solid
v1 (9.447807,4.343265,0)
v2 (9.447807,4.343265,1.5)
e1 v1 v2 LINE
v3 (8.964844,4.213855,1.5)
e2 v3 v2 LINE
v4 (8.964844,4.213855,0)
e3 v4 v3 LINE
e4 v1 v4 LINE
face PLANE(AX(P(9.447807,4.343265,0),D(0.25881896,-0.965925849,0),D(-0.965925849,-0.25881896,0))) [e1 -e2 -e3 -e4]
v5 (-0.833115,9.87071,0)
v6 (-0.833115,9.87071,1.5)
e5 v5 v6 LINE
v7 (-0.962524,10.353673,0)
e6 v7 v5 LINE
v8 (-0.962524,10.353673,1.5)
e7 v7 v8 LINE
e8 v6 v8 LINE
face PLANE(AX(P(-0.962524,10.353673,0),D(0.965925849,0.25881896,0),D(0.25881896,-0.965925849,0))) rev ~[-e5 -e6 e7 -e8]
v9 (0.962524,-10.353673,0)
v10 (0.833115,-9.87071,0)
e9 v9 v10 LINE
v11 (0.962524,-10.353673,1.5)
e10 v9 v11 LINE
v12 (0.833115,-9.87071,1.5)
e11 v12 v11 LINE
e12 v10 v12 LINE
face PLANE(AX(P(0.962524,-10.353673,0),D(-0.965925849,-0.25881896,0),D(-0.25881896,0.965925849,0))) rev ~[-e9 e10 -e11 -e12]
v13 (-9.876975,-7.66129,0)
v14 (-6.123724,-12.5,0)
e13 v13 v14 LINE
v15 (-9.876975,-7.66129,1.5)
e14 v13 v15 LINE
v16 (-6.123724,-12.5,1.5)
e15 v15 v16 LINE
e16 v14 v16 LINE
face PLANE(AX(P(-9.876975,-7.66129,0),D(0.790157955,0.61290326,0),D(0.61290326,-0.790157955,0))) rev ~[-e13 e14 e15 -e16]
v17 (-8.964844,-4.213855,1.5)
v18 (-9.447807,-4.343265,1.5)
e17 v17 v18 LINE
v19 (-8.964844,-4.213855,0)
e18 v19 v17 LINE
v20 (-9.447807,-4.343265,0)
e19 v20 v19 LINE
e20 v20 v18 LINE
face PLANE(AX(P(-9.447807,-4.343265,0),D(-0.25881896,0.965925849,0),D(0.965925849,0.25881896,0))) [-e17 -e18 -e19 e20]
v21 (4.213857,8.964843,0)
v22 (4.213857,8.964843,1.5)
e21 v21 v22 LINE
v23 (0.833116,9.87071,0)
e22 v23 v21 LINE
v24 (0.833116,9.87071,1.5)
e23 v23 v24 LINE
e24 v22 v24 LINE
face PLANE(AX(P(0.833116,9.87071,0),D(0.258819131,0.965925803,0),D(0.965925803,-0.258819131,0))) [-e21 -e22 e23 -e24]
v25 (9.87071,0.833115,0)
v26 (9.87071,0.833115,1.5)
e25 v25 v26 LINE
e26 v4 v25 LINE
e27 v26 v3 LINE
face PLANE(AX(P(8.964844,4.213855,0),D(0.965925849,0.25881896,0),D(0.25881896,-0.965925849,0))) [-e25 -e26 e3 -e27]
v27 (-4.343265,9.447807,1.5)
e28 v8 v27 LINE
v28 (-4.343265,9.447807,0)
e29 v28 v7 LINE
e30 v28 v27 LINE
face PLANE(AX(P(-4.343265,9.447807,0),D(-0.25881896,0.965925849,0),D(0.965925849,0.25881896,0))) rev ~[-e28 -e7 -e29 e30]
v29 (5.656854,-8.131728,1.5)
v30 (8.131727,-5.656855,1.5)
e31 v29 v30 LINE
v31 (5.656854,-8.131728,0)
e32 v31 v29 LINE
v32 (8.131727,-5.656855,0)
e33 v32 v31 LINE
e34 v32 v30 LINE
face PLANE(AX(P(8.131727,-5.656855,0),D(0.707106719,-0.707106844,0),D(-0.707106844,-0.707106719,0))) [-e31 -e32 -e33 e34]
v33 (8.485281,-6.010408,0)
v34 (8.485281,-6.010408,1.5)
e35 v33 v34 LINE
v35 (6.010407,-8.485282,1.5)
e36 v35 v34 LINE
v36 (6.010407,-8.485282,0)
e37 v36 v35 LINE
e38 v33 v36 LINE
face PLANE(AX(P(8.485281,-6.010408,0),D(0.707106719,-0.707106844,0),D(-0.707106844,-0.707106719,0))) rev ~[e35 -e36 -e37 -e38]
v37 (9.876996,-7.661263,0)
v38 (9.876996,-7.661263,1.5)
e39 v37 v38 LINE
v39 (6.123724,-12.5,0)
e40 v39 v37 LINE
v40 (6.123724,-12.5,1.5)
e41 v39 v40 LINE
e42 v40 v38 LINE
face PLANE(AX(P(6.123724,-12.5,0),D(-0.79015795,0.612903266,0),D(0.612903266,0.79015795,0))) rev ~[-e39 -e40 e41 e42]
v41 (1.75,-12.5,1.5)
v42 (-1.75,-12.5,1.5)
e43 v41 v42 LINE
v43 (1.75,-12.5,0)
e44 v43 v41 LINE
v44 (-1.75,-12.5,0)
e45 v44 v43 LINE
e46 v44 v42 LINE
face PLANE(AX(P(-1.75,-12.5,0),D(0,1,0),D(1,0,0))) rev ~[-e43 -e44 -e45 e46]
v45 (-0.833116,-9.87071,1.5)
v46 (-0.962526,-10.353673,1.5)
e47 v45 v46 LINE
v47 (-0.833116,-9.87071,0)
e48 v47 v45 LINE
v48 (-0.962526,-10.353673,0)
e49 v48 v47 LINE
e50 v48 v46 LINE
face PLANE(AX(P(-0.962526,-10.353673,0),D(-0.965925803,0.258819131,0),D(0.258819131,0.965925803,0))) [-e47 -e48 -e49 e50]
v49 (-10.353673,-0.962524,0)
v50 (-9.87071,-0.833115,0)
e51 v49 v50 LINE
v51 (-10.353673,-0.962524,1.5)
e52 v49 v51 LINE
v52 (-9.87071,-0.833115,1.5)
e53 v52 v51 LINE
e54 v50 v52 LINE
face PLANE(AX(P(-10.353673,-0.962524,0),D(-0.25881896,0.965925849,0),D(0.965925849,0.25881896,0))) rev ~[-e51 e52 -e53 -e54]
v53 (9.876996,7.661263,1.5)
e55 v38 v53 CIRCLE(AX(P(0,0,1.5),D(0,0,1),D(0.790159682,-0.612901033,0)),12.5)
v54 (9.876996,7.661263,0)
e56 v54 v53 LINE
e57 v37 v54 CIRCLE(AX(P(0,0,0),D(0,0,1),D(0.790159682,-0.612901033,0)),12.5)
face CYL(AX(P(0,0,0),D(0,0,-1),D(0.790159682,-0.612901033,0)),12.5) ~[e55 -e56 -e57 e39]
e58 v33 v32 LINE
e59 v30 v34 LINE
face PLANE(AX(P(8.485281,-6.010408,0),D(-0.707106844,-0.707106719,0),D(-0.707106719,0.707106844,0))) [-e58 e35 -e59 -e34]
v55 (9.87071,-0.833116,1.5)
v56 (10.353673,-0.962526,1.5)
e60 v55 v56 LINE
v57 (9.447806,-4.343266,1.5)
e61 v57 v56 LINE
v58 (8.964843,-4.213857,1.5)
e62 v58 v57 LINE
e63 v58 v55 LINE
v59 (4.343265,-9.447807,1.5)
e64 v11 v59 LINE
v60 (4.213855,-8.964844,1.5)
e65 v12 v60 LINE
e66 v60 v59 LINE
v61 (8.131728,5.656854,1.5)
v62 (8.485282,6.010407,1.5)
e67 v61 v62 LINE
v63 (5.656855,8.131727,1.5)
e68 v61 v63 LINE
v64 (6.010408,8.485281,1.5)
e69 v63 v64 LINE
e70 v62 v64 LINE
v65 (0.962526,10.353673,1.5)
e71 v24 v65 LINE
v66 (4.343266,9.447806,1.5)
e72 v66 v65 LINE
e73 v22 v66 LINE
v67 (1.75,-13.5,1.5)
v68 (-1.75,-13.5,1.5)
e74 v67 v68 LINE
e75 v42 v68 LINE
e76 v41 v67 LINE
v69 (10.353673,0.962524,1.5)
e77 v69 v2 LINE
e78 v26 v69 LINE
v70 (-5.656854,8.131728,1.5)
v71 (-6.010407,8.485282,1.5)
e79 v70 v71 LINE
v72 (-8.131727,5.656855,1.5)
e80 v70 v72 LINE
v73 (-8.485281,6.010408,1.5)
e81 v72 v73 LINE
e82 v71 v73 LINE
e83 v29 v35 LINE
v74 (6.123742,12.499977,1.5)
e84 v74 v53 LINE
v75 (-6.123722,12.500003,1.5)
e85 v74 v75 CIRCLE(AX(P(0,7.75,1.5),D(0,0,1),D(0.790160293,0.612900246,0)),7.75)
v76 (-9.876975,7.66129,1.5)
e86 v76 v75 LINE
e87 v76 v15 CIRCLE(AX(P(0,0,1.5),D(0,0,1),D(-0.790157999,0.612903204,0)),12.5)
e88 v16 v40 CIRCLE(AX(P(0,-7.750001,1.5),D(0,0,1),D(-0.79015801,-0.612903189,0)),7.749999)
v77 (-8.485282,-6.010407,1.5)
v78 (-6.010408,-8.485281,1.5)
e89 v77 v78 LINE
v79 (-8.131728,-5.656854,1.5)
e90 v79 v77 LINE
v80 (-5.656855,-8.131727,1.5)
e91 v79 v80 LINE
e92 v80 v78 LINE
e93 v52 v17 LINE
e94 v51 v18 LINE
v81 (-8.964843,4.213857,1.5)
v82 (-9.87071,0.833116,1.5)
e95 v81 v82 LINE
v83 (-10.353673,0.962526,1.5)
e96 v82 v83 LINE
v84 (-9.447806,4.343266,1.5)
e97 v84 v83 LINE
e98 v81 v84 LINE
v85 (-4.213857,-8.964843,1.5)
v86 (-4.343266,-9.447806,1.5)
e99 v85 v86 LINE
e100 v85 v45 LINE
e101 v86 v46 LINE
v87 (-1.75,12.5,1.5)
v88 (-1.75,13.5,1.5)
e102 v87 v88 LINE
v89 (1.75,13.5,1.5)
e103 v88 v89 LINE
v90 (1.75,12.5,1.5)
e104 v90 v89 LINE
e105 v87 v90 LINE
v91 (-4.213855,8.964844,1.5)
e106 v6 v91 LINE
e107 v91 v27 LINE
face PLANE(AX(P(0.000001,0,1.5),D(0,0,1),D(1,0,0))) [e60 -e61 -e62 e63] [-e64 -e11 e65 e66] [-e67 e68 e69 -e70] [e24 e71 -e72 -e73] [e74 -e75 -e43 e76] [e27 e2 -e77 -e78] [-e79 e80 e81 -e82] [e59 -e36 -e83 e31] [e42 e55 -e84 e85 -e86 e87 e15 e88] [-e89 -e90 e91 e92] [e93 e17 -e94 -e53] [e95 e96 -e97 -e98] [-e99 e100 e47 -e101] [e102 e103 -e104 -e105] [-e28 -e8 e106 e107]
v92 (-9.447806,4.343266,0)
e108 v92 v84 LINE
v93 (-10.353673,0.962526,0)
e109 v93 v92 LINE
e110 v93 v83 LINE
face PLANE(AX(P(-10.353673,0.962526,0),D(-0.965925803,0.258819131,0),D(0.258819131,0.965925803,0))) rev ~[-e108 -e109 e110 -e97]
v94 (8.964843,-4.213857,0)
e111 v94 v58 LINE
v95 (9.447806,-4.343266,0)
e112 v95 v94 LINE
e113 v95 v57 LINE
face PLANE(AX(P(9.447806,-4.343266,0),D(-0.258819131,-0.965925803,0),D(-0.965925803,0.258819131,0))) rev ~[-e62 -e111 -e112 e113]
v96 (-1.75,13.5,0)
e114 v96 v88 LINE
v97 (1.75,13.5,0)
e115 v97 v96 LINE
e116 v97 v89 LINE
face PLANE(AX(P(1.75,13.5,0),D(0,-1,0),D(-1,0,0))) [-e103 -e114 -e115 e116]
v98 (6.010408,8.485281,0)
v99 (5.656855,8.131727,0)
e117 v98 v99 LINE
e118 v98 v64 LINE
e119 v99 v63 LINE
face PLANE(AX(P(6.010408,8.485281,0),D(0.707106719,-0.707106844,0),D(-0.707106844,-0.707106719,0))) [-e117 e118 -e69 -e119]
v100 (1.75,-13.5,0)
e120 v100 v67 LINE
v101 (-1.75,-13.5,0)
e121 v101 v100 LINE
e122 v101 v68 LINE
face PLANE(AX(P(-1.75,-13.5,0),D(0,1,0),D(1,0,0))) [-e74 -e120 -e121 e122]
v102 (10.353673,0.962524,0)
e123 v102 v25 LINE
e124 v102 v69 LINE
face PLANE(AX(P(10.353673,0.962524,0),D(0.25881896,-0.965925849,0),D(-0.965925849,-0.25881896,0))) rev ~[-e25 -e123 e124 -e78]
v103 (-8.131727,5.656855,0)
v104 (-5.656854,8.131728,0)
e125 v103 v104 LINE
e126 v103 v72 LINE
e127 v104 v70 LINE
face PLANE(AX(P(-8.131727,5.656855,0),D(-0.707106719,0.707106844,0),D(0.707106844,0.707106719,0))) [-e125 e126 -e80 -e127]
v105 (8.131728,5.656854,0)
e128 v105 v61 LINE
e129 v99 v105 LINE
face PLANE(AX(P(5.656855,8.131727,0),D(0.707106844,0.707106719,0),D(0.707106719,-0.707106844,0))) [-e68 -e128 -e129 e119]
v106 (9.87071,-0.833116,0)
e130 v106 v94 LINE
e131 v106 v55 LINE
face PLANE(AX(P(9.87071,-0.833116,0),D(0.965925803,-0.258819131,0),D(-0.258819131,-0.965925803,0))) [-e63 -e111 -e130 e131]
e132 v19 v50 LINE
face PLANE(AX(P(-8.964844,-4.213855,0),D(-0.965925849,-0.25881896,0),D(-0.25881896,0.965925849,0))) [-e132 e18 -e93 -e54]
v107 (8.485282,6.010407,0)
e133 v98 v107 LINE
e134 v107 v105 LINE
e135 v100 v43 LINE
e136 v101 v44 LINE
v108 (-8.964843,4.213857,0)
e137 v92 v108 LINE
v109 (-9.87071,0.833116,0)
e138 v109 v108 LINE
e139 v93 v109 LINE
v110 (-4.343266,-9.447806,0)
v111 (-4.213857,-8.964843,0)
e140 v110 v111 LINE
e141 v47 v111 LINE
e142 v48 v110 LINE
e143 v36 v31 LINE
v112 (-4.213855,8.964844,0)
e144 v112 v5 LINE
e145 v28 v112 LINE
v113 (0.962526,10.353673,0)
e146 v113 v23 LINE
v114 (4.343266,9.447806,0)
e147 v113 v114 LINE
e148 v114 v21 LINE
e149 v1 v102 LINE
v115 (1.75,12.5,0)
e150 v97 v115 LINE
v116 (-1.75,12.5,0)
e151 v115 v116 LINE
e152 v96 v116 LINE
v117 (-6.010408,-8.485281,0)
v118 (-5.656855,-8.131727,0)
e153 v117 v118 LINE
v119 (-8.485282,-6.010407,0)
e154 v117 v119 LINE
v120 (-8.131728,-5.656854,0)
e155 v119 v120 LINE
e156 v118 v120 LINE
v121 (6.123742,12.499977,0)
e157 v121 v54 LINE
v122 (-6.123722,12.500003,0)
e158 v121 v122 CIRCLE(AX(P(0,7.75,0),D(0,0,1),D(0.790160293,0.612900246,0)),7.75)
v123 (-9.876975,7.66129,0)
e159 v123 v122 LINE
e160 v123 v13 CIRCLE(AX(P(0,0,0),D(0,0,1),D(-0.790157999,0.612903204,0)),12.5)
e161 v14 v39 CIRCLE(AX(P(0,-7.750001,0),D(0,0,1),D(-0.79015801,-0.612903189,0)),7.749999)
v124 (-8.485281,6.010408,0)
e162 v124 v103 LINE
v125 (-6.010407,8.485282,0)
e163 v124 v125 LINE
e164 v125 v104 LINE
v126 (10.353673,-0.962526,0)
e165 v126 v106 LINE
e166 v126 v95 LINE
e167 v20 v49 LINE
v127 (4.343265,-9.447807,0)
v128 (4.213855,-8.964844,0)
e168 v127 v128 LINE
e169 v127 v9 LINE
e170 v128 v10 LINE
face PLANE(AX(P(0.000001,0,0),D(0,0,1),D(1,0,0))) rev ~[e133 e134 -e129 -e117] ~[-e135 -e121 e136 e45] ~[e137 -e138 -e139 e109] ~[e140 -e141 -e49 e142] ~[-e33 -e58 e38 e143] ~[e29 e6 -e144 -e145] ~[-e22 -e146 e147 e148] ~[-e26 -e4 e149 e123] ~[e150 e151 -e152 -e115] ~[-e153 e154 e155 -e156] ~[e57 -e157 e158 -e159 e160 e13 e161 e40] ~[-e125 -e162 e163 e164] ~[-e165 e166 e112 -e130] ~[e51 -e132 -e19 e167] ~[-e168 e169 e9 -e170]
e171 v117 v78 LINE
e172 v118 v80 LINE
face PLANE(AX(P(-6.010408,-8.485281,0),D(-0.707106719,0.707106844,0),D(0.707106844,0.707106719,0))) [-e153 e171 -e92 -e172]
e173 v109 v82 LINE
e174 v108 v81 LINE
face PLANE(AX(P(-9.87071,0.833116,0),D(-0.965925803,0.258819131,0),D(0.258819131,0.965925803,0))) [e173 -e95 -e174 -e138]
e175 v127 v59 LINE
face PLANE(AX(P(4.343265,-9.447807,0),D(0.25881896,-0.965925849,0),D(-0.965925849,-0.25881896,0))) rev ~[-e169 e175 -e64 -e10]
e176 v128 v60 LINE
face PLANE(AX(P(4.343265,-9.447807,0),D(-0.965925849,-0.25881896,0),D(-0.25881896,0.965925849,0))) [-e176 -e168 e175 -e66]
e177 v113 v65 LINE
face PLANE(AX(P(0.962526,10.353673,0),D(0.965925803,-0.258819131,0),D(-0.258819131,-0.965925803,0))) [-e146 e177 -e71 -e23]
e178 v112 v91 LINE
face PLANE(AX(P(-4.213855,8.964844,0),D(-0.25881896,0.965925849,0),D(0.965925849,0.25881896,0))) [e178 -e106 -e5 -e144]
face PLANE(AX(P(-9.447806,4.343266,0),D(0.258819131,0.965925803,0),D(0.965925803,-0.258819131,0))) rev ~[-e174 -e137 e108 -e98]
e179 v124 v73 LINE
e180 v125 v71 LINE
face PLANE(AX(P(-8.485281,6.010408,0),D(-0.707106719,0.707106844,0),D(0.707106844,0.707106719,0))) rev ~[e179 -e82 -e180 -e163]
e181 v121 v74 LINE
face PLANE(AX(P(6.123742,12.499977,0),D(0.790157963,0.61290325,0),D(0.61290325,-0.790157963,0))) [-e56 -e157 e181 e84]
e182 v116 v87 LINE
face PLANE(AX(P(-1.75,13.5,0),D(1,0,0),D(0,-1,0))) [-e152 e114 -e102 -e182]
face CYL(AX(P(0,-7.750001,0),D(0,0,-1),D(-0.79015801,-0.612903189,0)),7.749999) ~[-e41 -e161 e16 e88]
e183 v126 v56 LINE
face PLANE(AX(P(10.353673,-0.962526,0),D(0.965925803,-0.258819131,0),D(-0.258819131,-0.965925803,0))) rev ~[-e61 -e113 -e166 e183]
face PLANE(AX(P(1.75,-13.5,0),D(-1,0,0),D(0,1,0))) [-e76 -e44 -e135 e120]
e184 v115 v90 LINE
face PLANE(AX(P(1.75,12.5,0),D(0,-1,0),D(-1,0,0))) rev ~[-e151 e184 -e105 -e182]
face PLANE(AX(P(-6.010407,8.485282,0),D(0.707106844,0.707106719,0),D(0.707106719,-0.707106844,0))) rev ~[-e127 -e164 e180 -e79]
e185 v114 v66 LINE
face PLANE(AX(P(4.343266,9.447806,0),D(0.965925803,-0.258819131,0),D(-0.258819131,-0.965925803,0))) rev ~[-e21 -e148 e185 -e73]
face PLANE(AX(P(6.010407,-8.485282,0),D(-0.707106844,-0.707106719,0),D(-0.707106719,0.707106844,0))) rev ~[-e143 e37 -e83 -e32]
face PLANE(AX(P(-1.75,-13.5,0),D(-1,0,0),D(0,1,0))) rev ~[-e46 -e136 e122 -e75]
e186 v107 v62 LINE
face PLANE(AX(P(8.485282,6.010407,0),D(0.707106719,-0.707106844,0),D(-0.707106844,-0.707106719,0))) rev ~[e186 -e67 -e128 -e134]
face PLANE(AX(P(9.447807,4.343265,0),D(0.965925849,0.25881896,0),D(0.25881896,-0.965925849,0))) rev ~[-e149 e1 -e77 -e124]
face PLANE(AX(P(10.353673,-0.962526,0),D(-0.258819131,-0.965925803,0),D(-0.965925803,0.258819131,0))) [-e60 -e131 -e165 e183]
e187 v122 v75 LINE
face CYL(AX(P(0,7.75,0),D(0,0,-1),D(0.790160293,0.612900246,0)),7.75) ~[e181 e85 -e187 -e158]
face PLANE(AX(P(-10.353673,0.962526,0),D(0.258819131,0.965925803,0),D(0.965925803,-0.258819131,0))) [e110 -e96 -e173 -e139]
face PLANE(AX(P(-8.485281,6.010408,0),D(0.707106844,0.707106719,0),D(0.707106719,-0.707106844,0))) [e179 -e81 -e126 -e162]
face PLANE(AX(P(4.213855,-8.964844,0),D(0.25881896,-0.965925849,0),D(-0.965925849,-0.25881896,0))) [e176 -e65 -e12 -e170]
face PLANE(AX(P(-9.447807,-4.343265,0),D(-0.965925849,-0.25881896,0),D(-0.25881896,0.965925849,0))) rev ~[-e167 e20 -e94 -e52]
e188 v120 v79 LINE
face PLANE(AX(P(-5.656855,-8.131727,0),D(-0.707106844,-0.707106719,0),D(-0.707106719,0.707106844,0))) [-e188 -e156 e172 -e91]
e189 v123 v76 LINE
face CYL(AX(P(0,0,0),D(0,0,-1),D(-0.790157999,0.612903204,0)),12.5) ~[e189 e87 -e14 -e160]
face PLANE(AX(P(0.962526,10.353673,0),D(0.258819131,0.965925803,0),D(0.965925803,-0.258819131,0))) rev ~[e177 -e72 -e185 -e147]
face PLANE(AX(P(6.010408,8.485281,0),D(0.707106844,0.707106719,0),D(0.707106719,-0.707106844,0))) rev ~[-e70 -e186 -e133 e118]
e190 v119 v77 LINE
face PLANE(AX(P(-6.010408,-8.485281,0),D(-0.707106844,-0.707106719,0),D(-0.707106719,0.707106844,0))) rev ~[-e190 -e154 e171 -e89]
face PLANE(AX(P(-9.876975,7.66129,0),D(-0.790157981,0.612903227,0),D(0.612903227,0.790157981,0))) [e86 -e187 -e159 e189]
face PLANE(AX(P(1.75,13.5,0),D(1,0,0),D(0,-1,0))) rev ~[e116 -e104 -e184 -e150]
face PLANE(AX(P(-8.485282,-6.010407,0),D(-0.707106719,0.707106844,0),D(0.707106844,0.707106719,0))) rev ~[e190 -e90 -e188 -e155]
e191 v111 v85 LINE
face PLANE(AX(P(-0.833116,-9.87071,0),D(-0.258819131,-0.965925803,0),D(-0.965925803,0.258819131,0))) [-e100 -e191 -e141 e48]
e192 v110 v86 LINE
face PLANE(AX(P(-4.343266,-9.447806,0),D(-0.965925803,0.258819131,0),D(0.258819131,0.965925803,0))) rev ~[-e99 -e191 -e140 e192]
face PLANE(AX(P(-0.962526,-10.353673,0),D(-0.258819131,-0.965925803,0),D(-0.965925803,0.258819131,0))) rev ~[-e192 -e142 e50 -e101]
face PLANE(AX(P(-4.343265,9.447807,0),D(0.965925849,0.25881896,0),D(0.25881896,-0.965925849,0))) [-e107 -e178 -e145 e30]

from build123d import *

# Parameters (mm, degrees)
PAD_DEPTH             = 1.5
SKETCH006_W           = 3.5
SKETCH006_H           = 1
POCKET_DEPTH          = 81.206709
POLARPATTERN_COUNT    = 2
SKETCH014_W           = 0.5
SKETCH014_H           = 3.5
POCKET004_DEPTH       = 81.206709
POLARPATTERN003_COUNT = 12


with BuildPart() as part:
    # Sketch → Pad (new body)
    with BuildSketch(Plane.XY):
        with BuildLine():
            ThreePointArc((-9.876975, 7.66129), (-12.5, 0), (-9.876975, -7.66129))
            Line((-9.876975, -7.66129), (-6.123724, -12.5))
            ThreePointArc((-6.123724, -12.5), (0, -15.5), (6.123724, -12.5))
            Line((6.123724, -12.5), (9.876996, -7.661263))
            ThreePointArc((9.876996, -7.661263), (12.5, 0), (9.876996, 7.661263))
            Line((6.123742, 12.499977), (9.876996, 7.661263))
            ThreePointArc((6.123742, 12.499977), (1.7e-05, 15.5), (-6.123722, 12.500003))
            Line((-9.876975, 7.66129), (-6.123722, 12.500003))
        make_face()
    extrude(amount=PAD_DEPTH)

    # Sketch006 → Pocket (cut, through all)
    with BuildSketch(Plane.XY):
        with Locations((0, -13)):
            Rectangle(SKETCH006_W, SKETCH006_H)
    pocket = extrude(amount=POCKET_DEPTH, mode=Mode.SUBTRACT)

    # PolarPattern: Pocket ×2 about axis
    polarpattern_axis = Axis((0, 0, 0), (0, 0, 1))
    for i in range(1, POLARPATTERN_COUNT):
        add(pocket.rotate(polarpattern_axis, i * 360 / POLARPATTERN_COUNT), mode=Mode.SUBTRACT)

    # Sketch014 → Pocket004 (cut, through all)
    with BuildSketch(Plane(origin=(0, 0, 0), x_dir=(0.965926, 0.258819, 0), z_dir=(0, 0, 1))):
        with Locations((-10, 0)):
            Rectangle(SKETCH014_W, SKETCH014_H)
    pocket004 = extrude(amount=POCKET004_DEPTH, mode=Mode.SUBTRACT)

    # PolarPattern003: Pocket004 ×12 about axis
    polarpattern003_axis = Axis((0, 0, 0), (0, 0, 1))
    for i in range(1, POLARPATTERN003_COUNT):
        add(pocket004.rotate(polarpattern003_axis, i * 360 / POLARPATTERN003_COUNT), mode=Mode.SUBTRACT)


solid = part.part
